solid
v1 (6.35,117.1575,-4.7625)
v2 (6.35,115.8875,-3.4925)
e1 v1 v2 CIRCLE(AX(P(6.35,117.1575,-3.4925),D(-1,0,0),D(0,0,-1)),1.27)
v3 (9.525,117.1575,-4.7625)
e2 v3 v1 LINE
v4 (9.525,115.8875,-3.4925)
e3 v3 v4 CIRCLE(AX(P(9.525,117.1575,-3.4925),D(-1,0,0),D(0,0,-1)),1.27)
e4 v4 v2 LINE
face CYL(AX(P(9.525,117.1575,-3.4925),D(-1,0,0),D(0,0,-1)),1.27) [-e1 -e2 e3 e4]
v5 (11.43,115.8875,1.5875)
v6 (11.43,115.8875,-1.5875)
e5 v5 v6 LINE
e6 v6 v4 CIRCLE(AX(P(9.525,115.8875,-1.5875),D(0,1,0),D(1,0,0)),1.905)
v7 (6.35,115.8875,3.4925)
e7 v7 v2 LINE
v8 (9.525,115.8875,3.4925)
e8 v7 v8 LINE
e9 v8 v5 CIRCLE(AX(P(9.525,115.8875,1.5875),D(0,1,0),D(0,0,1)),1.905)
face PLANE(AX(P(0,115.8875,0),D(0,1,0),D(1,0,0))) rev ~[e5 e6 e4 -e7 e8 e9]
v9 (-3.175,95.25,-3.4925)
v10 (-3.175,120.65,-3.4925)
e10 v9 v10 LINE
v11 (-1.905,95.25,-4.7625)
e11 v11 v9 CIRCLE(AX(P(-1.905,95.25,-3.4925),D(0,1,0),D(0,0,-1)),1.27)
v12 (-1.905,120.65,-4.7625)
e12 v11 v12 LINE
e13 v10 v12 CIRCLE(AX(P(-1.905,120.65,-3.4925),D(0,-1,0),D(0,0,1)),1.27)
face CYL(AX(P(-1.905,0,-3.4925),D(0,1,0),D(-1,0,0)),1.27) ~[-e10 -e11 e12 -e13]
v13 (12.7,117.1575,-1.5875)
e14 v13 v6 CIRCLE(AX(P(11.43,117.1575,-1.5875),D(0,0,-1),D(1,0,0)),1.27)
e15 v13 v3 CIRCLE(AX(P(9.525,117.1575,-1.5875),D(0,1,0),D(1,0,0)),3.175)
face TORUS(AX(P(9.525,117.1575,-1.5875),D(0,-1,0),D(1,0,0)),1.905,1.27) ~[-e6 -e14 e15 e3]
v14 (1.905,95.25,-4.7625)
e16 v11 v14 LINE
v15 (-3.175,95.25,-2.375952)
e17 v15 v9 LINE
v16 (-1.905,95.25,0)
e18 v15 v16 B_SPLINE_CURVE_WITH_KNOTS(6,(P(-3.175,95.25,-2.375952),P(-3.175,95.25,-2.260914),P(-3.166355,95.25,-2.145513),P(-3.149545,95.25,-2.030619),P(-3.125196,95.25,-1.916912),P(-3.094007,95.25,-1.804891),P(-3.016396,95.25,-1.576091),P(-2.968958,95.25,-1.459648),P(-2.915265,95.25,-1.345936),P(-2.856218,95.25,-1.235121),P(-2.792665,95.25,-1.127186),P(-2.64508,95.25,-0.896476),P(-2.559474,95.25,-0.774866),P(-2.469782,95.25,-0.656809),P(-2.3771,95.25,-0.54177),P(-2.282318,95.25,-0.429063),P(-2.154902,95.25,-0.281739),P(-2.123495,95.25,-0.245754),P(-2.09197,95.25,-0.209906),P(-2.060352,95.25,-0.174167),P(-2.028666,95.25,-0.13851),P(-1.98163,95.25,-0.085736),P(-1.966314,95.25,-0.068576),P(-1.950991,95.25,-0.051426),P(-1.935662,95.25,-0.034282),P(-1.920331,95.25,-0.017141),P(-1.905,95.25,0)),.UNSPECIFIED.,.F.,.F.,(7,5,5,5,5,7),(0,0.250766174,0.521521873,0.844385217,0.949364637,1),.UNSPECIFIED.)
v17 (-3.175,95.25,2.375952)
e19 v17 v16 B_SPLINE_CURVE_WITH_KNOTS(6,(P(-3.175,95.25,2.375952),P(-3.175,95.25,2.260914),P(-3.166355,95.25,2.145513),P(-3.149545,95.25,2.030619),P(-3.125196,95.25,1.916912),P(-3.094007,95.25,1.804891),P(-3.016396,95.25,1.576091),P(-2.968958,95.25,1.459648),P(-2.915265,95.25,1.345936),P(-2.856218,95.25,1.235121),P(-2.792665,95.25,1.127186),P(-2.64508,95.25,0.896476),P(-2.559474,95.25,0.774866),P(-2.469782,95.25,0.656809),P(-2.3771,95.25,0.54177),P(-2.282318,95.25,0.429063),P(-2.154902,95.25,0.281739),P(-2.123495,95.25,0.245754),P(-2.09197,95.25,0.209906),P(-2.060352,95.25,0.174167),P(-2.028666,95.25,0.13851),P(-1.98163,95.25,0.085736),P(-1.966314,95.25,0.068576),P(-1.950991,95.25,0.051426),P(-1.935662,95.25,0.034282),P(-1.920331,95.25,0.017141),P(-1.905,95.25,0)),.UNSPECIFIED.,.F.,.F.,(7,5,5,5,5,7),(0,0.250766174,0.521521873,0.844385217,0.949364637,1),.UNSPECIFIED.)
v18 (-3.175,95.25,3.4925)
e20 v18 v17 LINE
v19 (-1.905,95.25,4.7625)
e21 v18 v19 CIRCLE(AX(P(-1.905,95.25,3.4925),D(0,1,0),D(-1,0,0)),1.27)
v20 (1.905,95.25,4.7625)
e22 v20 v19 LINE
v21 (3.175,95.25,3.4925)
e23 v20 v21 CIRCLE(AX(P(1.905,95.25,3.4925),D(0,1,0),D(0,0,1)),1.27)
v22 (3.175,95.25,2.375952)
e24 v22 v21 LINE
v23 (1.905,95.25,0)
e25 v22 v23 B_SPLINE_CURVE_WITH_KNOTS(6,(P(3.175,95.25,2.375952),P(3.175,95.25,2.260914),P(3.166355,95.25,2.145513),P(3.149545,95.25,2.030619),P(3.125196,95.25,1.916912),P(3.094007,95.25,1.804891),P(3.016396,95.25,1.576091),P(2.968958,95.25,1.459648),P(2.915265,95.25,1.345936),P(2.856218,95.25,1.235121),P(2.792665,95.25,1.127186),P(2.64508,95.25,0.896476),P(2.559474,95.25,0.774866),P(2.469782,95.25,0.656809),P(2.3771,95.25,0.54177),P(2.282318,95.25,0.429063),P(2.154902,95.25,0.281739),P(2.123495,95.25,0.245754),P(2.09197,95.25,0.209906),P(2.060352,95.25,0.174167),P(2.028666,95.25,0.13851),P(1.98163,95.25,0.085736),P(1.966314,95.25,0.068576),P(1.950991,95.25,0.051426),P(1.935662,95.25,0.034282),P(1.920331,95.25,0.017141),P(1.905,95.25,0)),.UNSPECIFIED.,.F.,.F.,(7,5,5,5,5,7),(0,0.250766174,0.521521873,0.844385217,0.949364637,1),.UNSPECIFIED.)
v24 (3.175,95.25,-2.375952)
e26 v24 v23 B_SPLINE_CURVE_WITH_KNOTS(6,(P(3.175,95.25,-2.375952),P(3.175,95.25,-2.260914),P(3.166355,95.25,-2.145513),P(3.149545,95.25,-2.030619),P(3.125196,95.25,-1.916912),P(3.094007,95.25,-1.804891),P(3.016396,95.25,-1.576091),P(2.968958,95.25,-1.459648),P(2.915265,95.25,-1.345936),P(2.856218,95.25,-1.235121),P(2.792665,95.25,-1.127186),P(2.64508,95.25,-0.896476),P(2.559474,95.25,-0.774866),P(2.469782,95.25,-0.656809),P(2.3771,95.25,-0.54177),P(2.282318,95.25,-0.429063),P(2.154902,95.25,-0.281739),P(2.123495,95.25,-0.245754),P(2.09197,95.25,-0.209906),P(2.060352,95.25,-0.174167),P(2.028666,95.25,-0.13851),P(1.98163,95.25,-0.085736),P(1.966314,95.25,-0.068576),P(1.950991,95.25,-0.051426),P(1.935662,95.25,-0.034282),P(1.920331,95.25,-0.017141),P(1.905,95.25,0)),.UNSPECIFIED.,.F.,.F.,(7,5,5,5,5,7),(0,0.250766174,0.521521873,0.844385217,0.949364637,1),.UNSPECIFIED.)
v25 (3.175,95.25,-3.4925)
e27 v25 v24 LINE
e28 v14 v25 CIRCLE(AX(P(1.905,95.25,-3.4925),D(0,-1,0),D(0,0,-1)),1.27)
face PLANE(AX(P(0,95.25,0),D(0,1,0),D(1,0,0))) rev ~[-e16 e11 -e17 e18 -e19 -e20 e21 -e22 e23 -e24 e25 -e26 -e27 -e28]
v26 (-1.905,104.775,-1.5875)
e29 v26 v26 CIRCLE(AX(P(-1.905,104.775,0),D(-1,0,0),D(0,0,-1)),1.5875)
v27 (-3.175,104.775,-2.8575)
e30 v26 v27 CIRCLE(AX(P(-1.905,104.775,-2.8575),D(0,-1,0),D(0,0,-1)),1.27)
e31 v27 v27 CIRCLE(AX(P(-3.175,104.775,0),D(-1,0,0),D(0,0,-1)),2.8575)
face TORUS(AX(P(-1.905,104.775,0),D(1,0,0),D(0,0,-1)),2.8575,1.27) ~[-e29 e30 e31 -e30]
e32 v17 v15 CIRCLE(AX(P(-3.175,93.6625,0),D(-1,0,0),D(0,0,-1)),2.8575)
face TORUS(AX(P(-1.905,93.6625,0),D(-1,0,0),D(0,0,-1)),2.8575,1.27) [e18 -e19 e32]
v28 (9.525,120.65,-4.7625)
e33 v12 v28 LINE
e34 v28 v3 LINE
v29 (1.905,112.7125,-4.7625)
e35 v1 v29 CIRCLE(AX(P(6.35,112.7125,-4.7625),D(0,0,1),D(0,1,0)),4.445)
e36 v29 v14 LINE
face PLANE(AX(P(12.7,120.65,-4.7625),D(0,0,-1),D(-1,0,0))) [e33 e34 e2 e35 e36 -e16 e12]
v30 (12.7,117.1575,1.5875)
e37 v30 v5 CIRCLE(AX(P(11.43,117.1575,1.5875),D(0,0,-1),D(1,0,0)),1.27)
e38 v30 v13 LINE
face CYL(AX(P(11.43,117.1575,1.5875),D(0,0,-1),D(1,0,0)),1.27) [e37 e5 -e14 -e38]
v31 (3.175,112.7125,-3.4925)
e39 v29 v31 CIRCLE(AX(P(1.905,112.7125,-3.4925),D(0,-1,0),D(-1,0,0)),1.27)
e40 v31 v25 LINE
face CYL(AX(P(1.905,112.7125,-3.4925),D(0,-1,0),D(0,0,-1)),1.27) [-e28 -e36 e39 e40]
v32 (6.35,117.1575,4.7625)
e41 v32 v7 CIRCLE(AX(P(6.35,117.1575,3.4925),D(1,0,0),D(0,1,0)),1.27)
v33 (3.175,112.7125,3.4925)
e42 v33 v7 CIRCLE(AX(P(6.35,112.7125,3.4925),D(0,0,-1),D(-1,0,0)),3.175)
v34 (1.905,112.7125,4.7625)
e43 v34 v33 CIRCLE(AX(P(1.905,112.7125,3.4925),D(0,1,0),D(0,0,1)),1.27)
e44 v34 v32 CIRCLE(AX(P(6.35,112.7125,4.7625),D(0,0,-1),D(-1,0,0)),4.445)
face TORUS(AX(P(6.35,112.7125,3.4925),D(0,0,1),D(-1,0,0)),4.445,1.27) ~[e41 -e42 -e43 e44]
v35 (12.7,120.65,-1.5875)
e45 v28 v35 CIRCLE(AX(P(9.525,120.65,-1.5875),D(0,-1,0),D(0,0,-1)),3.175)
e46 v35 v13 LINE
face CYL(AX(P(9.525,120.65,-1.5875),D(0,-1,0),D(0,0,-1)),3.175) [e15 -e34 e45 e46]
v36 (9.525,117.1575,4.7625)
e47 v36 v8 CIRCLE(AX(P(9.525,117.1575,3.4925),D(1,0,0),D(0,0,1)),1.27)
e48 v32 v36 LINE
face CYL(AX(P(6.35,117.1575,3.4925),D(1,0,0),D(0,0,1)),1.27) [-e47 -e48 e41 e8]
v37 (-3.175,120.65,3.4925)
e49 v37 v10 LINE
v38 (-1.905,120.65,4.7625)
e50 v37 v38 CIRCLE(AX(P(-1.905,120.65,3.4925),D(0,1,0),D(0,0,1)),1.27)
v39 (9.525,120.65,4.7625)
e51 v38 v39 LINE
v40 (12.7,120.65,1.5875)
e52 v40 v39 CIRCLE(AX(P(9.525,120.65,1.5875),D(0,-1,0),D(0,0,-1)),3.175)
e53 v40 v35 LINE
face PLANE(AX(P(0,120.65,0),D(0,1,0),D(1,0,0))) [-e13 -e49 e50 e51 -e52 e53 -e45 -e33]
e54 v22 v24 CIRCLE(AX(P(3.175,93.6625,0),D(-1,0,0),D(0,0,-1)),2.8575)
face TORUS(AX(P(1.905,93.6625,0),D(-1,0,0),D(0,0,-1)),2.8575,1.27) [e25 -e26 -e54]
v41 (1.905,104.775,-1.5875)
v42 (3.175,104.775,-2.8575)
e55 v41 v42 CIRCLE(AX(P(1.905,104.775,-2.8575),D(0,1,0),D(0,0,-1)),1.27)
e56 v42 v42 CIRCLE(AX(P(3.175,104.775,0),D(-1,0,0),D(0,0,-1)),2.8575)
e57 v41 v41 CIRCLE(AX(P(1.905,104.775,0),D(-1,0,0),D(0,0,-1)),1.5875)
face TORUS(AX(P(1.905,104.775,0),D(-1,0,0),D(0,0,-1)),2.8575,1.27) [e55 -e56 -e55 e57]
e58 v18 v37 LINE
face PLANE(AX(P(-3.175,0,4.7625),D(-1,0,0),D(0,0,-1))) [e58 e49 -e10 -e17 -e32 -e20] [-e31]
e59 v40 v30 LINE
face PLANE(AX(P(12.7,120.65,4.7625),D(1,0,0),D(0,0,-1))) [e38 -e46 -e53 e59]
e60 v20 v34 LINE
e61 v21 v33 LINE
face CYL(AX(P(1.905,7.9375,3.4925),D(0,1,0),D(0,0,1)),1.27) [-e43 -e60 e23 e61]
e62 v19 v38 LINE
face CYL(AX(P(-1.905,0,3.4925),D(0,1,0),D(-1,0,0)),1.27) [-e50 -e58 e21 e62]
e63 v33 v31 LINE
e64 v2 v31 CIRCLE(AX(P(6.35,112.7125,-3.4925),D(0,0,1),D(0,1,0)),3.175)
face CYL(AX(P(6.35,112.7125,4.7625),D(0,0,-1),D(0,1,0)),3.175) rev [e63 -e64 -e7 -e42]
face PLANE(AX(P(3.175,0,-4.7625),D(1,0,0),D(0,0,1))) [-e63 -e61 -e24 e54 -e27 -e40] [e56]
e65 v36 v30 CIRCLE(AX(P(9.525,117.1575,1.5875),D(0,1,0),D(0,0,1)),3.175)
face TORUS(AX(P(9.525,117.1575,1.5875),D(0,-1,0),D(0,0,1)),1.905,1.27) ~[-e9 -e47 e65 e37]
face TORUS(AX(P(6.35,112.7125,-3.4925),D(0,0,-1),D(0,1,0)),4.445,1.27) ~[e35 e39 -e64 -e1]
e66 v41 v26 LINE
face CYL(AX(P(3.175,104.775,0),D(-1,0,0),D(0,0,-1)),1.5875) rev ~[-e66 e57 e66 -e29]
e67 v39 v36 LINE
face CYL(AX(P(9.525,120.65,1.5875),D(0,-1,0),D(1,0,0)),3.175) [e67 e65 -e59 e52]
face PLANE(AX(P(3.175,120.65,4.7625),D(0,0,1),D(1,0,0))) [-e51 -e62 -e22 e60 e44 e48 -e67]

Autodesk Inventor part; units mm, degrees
ref_plane "YZ Plane" through (0, 0, 0) normal (1, 0, 0) x (0, 1, 0)
ref_plane "XZ Plane" through (0, 0, 0) normal (0, 1, 0) x (-1, 0, 0)
ref_plane "XY Plane" through (0, 0, 0) normal (0, 0, 1) x (1, 0, 0)
sketch "Sketch1" plane through (0, 0, 0) normal (0, 1, 0) x (-1, 0, 0)
  line L0 (3.175, -4.7625) -> (-3.175, -4.7625)
  line L1 (-3.175, -4.7625) -> (-3.175, 4.7625)
  line L2 (-3.175, 4.7625) -> (3.175, 4.7625)
  line L3 (3.175, 4.7625) -> (3.175, -4.7625)
  line L4 (3.175, -4.7625) -> (-3.175, 4.7625) construction
  line L5 (-3.175, -4.7625) -> (3.175, 4.7625) construction
  point P0 (0, 0)
  point P1 (0, 0)
  point P2 (0, 0)
  point P3 (0, 0)
  dimension "d0" = 9.525
  dimension "d1" = 6.35
extrude "Extrusion1" add sketch "Sketch1" along normal blind 120.65
sketch "Sketch2" plane through (0, 0, 0) normal (0, -1, 0) x (1, 0, 0)
  line L0 (3.175, 4.7625) -> (12.7, 4.7625)
  line L1 (12.7, 4.7625) -> (12.7, -4.7625)
  line L2 (12.7, -4.7625) -> (3.175, -4.7625)
  line L3 (3.175, -4.7625) -> (3.175, 4.7625)
  point P0 (0, 0)
  dimension "d4" = 9.525
extrude "Extrusion2" add sketch "Sketch2" against normal blind 4.7625
sketch "Sketch3" plane through (0, 120.65, 0) normal (0, 1, 0) x (1, 0, 0)
  line L0 (3.175, -4.7625) -> (3.175, 4.7625) projected
  line L1 (3.175, -4.7625) -> (12.7, -4.7625) projected
  line L2 (12.7, -4.7625) -> (12.7, 4.7625) projected
  line L3 (12.7, 4.7625) -> (3.175, 4.7625) projected
  point P0 (0, 0)
extrude "Extrusion3" add sketch "Sketch3" against normal blind 4.7625
fillet "Fillet1" radius 3.175 4 edges at (12.7, 2.3813, -4.7625) (12.7, 2.3813, 4.7625) (12.7, 118.2687, -4.7625) (12.7, 118.2687, 4.7625)
fillet "Fillet2" radius 3.175 2 edges at (3.175, 4.7625, 0) (3.175, 115.8875, 0)
fillet "Fillet3" radius 1.27 12 edges at (7.9375, 115.8875, -4.7625) (11.7701, 115.8875, -3.8326) (12.7, 115.8875, 0) (11.7701, 115.8875, 3.8326) (7.9375, 115.8875, 4.7625) (3.175, 60.325, 4.7625) (7.9375, 4.7625, 4.7625) (11.7701, 4.7625, 3.8326) (12.7, 4.7625, 0) (11.7701, 4.7625, -3.8326) (7.9375, 4.7625, -4.7625) (3.175, 60.325, -4.7625)
sketch "Sketch7" plane through (3.175, 7.9375, 3.4925) normal (1, 0, 0) x (0, 0, -1)
  line L0 (0, 0) -> (0, 104.775) projected
  line L1 (5.08, -7.9375) -> (1.905, -7.9375) projected
  line L2 (0, 52.3875) -> (19.363, 52.3875)
  point P0 (3.4925, -7.9375)
  point P1 (3.4925, 7.9375)
  point P2 (3.4925, 30.1625)
  point P3 (3.4925, 52.3875)
  point P4 (3.4925, 96.8375)
  point P5 (3.4925, 74.6125)
  point P6 (3.4925, 19.05)
  point P7 (3.4925, 41.275)
  point P8 (3.4925, 85.725)
  point P9 (3.4925, 63.5)
  dimension "d25" = 15.875
  dimension "d26" = 22.225
  dimension "d27" = 11.1125
  dimension "d28" = 11.1125
hole "Hole2" at (3.175, 15.875, 0) at (3.175, 38.1, 0) at (3.175, 60.325, 0) at (3.175, 82.55, 0) at (3.175, 104.775, 0) at (3.175, 26.9875, 0) at (3.175, 49.2125, 0) at (3.175, 93.6625, 0) at (3.175, 71.4375, 0) direction (-1, 0, 0) diameter 3.175 depth 203.2 tip angle 118
fillet "Fillet4" radius 1.27 9 edges at (3.175, 104.775, 1.5875) (3.175, 93.6625, 1.5875) (3.175, 82.55, 1.5875) (3.175, 71.4375, 1.5875) (3.175, 60.325, 1.5875) (3.175, 49.2125, 1.5875) (3.175, 38.1, 1.5875) (3.175, 26.9875, 1.5875) (3.175, 15.875, 1.5875)
fillet "Fillet5" radius 1.27 9 edges at (-3.175, 104.775, 1.5875) (-3.175, 93.6625, 1.5875) (-3.175, 82.55, 1.5875) (-3.175, 71.4375, 1.5875) (-3.175, 60.325, 1.5875) (-3.175, 49.2125, 1.5875) (-3.175, 38.1, 1.5875) (-3.175, 26.9875, 1.5875) (-3.175, 15.875, 1.5875)
fillet "Fillet6" radius 1.27 2 edges at (-3.175, 60.325, -4.7625) (-3.175, 60.325, 4.7625)
sketch "Sketch4" plane through (0, 120.65, 0) normal (0, 1, 0) x (1, 0, 0)
  line L0 (12.7, -1.5875) -> (12.7, 1.5875) projected
  point P0 (0, 0)
  point P1 (7.62, 0)
  point P2 (12.7, 0)
  dimension "d11" = 5.08
ref_plane "Work Plane3" through (0, 95.25, 0) normal (0, 1, 0) x (1, 0, 0)
sketch "Sketch11" plane through (0, 95.25, 0) normal (0, 1, 0) x (1, 0, 0)
  line L0 (-3.175, 4.7625) -> (12.7, 4.7625)
  line L1 (12.7, 4.7625) -> (12.7, -4.7625)
  line L2 (12.7, -4.7625) -> (-3.175, -4.7625)
  line L3 (-3.175, -4.7625) -> (-3.175, 4.7625)
  arc A0 (-3.175, -3.4925) -> (-1.905, -4.7625) centre (-1.905, -3.4925) ccw projected
  line L4 (-3.175, -3.4925) -> (-3.175, 3.4925) projected
  arc A1 (-1.905, 4.7625) -> (-3.175, 3.4925) centre (-1.905, 3.4925) ccw projected
  line L5 (-1.905, 4.7625) -> (9.525, 4.7625) projected
  arc A2 (12.7, 1.5875) -> (9.525, 4.7625) centre (9.525, 1.5875) ccw projected
  line L6 (12.7, 1.5875) -> (12.7, -1.5875) projected
  arc A3 (9.525, -4.7625) -> (12.7, -1.5875) centre (9.525, -1.5875) ccw projected
  line L7 (9.525, -4.7625) -> (-1.905, -4.7625) projected
  point P0 (0, 0)
extrude "Extrusion10" cut sketch "Sketch11" against normal through all contours L0 A2 L1 A3 L2 A0 L3 A1
properties part number "LidSupportLW"
